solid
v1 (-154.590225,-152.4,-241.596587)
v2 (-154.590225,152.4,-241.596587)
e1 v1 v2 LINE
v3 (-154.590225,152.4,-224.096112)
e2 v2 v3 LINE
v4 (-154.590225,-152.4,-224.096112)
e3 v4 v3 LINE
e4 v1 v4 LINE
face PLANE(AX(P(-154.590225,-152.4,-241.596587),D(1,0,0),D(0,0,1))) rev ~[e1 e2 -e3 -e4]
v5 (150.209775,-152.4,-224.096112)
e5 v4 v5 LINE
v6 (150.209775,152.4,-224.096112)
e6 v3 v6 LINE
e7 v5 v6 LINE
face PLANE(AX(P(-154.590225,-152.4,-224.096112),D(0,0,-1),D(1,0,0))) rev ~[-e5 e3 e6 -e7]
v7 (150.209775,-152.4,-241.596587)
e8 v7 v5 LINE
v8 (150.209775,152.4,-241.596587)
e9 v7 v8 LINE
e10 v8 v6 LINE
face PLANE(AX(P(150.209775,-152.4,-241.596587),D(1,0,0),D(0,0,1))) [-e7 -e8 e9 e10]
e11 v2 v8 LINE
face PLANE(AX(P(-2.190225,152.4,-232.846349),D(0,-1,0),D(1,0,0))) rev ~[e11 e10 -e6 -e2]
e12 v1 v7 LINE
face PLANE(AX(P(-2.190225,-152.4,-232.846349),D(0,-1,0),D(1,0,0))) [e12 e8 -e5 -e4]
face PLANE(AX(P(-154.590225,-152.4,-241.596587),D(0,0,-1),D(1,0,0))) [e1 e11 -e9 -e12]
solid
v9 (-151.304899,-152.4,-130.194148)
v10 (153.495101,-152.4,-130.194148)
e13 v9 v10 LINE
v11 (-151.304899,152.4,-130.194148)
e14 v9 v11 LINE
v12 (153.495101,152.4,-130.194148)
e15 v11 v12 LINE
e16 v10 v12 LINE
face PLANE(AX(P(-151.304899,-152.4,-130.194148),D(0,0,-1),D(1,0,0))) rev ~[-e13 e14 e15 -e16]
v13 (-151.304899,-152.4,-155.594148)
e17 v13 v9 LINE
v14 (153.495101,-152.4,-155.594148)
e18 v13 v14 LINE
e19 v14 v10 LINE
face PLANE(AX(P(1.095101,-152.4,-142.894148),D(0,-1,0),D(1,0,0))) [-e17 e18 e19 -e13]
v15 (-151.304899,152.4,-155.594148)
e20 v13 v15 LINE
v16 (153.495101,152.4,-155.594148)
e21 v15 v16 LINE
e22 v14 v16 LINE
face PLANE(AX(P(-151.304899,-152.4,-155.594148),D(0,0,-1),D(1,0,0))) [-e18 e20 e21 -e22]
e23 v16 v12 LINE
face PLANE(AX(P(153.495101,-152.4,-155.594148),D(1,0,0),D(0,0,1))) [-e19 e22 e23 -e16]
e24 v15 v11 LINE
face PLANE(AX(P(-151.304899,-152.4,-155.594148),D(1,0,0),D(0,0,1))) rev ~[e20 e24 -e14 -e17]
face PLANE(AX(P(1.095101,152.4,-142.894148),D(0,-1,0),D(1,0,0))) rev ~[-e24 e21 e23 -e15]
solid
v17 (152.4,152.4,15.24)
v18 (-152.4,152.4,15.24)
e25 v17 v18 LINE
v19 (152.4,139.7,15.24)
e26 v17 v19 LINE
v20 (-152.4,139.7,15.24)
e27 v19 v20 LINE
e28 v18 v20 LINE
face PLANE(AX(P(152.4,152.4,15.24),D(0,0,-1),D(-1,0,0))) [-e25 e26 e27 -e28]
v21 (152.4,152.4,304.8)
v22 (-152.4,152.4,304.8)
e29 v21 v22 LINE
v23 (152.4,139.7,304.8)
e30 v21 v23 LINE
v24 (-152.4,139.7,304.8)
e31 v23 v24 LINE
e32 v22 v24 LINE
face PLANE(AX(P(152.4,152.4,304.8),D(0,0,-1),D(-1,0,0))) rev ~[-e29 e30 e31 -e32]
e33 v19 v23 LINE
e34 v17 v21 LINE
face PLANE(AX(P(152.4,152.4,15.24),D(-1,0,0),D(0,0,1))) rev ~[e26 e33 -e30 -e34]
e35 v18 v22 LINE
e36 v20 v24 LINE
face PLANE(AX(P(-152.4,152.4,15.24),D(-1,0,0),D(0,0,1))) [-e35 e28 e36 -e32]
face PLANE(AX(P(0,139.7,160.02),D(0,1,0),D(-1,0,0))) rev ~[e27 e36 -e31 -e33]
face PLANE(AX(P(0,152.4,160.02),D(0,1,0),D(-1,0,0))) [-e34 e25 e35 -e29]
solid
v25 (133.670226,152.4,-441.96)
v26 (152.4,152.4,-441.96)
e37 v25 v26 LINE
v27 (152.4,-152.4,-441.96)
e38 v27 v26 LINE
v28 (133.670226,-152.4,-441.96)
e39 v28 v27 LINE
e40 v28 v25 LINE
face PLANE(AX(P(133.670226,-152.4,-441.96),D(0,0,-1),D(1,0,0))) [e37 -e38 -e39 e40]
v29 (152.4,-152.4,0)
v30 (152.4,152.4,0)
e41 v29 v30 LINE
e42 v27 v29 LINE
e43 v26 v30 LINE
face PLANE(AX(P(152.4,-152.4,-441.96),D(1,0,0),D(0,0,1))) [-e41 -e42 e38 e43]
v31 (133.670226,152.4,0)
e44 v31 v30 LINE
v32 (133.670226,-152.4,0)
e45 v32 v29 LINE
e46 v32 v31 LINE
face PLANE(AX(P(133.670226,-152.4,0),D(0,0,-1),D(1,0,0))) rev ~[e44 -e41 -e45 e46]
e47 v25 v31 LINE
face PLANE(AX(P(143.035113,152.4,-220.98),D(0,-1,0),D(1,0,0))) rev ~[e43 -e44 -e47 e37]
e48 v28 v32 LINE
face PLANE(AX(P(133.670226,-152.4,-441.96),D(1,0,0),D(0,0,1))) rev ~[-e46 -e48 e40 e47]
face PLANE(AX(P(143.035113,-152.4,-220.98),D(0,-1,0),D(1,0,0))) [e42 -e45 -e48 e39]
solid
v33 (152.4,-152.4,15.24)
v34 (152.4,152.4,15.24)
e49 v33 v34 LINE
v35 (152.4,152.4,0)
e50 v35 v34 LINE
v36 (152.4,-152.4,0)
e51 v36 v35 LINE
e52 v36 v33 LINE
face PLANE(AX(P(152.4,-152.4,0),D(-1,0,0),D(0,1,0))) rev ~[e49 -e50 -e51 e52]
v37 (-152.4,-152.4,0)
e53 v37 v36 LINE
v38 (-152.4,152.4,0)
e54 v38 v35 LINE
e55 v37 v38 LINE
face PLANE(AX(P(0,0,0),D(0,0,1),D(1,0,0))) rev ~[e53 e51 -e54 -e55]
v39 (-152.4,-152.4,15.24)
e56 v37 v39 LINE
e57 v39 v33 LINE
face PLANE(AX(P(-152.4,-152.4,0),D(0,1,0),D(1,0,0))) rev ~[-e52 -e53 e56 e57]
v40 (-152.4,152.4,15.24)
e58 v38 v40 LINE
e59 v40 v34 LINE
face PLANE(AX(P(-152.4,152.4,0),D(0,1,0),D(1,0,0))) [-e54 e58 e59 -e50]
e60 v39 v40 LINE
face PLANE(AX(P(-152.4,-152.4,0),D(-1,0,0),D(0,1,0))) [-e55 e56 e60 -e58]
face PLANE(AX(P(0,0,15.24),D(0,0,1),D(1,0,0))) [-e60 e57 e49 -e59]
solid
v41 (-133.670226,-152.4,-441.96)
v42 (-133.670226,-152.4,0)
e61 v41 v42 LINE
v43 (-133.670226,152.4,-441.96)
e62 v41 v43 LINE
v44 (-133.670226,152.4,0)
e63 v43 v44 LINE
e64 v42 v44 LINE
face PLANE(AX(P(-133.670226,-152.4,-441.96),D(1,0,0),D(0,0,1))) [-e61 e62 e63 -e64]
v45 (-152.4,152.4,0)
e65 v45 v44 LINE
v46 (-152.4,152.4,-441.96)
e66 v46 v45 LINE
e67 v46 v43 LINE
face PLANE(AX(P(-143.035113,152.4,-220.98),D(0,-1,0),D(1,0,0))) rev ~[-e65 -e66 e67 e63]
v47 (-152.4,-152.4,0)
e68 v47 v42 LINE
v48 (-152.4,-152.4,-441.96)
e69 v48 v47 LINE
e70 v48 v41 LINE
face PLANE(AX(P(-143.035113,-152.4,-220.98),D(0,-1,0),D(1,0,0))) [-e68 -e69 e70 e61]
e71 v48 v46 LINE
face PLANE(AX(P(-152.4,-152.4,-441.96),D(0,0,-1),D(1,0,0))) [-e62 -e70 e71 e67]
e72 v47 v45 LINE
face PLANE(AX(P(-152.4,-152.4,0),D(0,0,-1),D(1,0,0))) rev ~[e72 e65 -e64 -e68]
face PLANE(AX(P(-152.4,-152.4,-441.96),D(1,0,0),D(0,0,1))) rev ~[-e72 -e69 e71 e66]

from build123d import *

# Parameters (mm, degrees)
F0_W     = 304.8
F0_H     = 304.8
F1_DEPTH = 15.24
F2_W     = 18.729774
F2_H     = 441.96
F3_DEPTH = 304.8
F4_W     = 304.8
F4_H     = 289.56
F5_DEPTH = 12.7
F6_W     = 304.8
F6_H     = 17.500475
F7_DEPTH = 304.8
F8_W     = 304.8
F8_H     = 25.4
F9_DEPTH = 304.8


with BuildPart() as f1:
    # F0 (on Top) → F1 (new body)
    with BuildSketch(Plane.XY):
        Rectangle(F0_W, F0_H)
    extrude(amount=F1_DEPTH)


with BuildPart() as f3:
    # F2 (on face) → F3 (new body)
    with BuildSketch(Plane.XZ.offset(152.4)):
        with Locations((-143.035113, -220.98)):
            Rectangle(F2_W, F2_H)
        with Locations((143.035113, -220.98)):
            Rectangle(F2_W, F2_H)
    extrude(amount=-F3_DEPTH)


with BuildPart() as f5:
    # F4 (on face) → F5 (new body)
    with BuildSketch(Plane(origin=(0, 152.4, 0), x_dir=(-1, 0, 0), z_dir=(0, 1, 0))):
        with Locations((0, 160.02)):
            Rectangle(F4_W, F4_H)
    extrude(amount=-F5_DEPTH)


with BuildPart() as f7:
    # F6 (on face) → F7 (new body)
    with BuildSketch(Plane.XZ.offset(152.4)):
        with Locations((-2.190225, -232.846349)):
            Rectangle(F6_W, F6_H)
    extrude(amount=-F7_DEPTH)


with BuildPart() as f9:
    # F8 (on face) → F9 (new body)
    with BuildSketch(Plane.XZ.offset(152.4)):
        with Locations((1.095101, -142.894148)):
            Rectangle(F8_W, F8_H)
    extrude(amount=-F9_DEPTH)


solid = Compound([f1.part, f3.part, f5.part, f7.part, f9.part])
